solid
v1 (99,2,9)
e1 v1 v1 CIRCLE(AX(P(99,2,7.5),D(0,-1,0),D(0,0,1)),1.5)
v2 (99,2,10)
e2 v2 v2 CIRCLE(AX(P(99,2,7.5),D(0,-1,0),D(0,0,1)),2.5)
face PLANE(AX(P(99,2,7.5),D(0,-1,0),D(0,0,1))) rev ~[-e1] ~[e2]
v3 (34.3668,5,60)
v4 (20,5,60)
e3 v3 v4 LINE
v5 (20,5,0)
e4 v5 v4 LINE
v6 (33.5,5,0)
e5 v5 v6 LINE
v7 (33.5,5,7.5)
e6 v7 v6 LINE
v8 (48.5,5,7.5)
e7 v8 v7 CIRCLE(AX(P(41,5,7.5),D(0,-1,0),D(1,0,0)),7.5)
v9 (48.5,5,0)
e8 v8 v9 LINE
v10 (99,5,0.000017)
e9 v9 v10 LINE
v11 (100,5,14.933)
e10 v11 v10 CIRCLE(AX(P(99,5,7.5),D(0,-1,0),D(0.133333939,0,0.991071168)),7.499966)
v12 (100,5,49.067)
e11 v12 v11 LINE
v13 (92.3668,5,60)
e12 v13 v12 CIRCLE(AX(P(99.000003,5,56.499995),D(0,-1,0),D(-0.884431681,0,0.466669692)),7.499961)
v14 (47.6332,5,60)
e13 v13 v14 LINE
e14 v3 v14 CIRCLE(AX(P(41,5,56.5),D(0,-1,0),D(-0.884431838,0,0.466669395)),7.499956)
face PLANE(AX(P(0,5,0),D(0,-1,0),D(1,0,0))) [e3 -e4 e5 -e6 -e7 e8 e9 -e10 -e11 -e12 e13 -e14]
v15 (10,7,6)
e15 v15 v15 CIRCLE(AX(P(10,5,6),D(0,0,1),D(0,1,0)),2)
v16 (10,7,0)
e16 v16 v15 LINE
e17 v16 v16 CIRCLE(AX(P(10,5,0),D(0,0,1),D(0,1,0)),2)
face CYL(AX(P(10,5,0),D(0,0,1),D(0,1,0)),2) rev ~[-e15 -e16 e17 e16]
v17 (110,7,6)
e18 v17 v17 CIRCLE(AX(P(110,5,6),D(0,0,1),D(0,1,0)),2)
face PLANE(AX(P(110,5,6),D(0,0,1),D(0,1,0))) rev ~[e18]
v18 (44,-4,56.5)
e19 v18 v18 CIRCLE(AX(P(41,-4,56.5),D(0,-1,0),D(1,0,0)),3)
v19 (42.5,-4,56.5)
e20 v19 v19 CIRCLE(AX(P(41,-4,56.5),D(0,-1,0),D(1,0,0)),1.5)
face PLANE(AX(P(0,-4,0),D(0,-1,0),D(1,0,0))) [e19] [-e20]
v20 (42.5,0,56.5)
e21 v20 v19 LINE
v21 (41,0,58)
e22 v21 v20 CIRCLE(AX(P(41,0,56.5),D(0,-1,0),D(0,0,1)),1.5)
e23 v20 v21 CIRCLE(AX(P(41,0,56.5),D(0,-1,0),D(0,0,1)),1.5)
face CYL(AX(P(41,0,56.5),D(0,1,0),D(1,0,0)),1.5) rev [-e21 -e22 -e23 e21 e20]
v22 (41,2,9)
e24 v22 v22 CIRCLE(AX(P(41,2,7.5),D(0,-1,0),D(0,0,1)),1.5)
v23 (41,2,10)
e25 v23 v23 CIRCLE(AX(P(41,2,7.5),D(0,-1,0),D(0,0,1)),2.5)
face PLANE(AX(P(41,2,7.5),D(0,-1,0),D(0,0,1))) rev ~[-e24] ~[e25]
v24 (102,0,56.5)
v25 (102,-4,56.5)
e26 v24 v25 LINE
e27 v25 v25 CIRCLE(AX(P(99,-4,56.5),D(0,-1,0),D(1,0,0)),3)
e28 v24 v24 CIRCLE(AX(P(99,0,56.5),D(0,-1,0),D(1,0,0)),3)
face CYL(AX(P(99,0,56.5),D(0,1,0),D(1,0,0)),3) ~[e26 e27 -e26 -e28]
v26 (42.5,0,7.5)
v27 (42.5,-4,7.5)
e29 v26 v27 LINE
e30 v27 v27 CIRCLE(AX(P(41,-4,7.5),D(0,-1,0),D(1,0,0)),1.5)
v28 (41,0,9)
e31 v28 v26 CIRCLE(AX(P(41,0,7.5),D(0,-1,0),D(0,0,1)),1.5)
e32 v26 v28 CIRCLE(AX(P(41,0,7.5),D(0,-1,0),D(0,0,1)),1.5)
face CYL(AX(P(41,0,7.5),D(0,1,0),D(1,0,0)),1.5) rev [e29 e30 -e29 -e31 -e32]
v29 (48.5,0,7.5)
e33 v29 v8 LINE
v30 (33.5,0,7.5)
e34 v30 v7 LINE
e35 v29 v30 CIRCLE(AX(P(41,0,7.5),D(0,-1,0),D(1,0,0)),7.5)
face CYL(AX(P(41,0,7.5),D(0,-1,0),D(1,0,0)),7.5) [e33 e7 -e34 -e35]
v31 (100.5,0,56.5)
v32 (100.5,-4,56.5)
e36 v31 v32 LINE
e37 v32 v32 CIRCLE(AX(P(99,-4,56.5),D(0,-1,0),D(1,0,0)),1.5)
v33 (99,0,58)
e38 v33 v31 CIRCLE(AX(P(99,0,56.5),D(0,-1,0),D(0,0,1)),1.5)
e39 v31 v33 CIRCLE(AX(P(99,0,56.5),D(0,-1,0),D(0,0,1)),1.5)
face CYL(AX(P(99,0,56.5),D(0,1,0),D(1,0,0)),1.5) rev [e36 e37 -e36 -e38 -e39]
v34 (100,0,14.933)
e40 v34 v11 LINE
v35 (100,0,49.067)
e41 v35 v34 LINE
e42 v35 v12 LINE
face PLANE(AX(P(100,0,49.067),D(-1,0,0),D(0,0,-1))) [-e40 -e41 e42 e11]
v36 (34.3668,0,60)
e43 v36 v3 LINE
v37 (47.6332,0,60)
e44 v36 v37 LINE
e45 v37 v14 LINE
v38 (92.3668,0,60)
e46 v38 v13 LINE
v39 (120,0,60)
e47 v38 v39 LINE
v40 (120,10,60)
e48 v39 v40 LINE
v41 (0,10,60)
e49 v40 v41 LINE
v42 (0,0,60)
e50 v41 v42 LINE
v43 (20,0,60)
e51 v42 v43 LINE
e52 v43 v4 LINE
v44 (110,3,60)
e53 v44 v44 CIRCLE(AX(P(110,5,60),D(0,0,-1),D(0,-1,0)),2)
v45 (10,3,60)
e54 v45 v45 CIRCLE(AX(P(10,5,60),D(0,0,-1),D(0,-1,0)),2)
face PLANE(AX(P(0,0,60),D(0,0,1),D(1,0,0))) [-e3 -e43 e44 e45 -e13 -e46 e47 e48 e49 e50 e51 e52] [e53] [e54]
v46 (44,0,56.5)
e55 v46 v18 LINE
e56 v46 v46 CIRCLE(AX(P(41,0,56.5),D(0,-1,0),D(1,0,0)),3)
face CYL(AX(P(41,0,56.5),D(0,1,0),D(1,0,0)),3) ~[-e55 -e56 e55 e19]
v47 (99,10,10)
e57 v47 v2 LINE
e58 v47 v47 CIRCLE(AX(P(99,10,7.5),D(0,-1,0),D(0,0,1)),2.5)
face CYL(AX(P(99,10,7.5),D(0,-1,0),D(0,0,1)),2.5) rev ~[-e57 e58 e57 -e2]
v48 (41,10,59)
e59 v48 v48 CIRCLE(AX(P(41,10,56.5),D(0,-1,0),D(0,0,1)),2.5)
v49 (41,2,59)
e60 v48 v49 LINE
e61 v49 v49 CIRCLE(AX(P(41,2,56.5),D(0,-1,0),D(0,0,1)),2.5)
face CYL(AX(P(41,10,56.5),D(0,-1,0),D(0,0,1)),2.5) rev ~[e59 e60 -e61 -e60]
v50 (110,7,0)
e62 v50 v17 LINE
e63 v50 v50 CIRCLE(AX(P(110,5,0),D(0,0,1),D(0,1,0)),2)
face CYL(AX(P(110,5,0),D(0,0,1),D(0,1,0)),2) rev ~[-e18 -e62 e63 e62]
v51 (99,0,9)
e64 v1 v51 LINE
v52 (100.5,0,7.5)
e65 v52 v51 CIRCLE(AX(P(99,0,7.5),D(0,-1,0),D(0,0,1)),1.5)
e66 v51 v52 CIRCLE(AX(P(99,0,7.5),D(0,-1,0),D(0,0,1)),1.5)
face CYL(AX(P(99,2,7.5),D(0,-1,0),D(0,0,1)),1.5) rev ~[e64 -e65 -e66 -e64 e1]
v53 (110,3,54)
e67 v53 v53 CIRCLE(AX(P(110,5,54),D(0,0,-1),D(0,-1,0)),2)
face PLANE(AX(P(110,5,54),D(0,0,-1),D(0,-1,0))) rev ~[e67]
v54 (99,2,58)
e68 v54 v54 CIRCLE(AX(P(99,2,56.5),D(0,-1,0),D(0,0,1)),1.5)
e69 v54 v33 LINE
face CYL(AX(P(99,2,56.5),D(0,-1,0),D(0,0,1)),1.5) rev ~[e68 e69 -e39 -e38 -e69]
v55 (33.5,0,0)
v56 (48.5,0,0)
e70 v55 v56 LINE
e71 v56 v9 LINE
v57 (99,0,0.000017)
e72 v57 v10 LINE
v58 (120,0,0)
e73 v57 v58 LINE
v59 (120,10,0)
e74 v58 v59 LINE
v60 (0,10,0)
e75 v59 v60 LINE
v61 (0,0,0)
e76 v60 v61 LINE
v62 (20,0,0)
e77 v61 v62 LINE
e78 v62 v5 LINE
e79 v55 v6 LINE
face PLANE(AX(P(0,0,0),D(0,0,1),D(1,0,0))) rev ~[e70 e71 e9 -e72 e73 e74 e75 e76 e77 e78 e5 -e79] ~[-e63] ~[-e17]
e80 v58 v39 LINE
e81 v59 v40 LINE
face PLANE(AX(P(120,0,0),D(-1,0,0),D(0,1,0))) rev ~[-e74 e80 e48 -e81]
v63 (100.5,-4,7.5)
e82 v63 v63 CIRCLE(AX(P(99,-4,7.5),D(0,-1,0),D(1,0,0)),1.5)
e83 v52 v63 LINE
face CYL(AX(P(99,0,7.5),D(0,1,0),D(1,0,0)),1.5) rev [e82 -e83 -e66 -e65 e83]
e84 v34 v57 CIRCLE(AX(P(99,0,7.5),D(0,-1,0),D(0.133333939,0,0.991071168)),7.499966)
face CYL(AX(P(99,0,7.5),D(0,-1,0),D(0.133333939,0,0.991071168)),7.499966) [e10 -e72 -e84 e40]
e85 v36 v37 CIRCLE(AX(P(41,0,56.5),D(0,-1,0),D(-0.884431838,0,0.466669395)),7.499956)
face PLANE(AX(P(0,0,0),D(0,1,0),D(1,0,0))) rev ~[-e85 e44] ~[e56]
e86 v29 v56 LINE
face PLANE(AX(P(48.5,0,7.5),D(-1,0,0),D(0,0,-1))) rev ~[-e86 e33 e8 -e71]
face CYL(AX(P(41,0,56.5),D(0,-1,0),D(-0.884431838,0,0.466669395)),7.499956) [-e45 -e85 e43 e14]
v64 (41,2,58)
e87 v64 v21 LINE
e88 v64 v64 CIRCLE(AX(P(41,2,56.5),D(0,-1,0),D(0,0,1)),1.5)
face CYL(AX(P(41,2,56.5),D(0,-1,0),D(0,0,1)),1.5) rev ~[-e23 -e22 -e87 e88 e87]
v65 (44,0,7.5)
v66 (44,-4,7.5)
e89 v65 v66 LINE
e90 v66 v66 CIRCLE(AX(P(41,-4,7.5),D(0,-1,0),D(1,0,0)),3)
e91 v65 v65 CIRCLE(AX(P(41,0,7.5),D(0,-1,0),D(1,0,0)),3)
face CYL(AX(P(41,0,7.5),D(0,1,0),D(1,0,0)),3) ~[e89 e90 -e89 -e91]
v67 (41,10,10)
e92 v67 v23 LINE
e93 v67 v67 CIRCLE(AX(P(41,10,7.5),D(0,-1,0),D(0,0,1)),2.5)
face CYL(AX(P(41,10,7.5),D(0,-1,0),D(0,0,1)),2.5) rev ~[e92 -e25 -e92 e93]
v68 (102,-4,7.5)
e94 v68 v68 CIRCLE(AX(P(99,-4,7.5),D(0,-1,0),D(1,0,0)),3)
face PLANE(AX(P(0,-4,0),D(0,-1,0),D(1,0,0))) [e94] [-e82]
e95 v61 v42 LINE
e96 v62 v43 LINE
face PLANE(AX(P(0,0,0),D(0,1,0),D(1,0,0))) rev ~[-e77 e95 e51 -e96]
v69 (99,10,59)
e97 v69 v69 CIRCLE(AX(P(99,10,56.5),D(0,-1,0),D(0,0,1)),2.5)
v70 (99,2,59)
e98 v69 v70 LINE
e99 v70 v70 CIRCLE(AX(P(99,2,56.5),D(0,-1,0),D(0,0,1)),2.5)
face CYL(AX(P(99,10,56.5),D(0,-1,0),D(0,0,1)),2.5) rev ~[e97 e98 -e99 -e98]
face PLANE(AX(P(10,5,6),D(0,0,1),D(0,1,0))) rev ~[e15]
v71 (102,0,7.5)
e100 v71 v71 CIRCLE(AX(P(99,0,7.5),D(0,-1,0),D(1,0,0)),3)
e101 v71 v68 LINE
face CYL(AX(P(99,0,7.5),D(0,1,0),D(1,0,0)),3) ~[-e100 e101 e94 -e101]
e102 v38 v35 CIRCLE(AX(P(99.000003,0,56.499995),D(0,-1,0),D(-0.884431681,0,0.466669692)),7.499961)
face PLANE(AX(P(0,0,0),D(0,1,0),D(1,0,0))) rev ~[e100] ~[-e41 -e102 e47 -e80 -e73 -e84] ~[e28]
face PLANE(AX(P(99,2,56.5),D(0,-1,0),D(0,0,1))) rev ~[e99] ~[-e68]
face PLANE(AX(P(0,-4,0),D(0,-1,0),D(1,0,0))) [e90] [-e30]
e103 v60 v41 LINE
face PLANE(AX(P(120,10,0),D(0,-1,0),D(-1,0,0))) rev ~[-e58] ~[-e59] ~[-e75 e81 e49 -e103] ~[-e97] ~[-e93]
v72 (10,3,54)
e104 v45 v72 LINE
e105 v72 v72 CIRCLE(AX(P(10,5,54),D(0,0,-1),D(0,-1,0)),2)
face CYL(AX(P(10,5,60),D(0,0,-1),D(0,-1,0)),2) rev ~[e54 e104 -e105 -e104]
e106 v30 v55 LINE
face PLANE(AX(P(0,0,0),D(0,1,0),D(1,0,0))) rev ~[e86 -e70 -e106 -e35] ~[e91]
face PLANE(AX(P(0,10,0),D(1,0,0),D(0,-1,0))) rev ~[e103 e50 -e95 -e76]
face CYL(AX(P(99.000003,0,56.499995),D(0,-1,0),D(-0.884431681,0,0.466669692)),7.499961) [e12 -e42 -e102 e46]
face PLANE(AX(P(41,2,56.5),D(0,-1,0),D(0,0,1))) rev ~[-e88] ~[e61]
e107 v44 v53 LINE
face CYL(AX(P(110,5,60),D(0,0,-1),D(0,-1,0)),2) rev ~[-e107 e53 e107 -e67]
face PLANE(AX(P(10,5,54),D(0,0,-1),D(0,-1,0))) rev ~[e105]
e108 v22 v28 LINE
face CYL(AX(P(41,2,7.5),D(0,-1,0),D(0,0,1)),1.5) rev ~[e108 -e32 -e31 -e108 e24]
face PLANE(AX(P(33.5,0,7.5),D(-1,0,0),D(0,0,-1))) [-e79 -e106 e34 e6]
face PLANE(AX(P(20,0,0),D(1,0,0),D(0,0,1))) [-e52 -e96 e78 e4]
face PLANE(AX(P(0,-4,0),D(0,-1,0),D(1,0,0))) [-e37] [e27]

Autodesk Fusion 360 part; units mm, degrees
sketch "Sketch1" plane through (0, 0, 0) normal (0, 0, 1) x (1, 0, 0)
  line L0 (0, 0) -> (120, 0)
  line L1 (120, 0) -> (120, 10)
  line L2 (120, 10) -> (0, 10)
  line L3 (0, 10) -> (0, 0)
  dimension "d1" = 120
  dimension "d2" = 10
extrude "Extrude1" add sketch "Sketch1" along normal blind 60
sketch "Sketch2" plane through (0, 0, 0) normal (0, 0, -1) x (1, 0, 0)
  line L0 (0, 0) -> (0, -10)
  line L1 (0, -10) -> (120, -10)
  line L2 (120, -10) -> (120, 0)
  line L3 (120, 0) -> (0, 0)
  line L4 (0, -5) -> (120, -5) construction
  point P0 (10, -5)
  point P1 (110, -5)
  dimension "d5" = 100
  dimension "d6" = 10
sketch "Sketch3" plane through (0, 0, 60) normal (0, 0, 1) x (-1, 0, 0)
  line L0 (0, -10) -> (0, 0)
  line L1 (0, 0) -> (-120, 0)
  line L2 (-120, 0) -> (-120, -10)
  line L3 (-120, -10) -> (0, -10)
  line L4 (0, -5) -> (-120, -5) construction
  point P0 (-10, -5)
  point P1 (-110, -5)
  dimension "d10" = 100
  dimension "d11" = 10
hole "Hole2" at (10, 5, 0) at (110, 5, 0) direction (0, 0, 1) diameter 4 depth 6 tip angle 180
hole "Hole3" at (10, 5, 60) at (110, 5, 60) direction (0, 0, -1) diameter 4 depth 6 tip angle 180
sketch "Sketch8" plane through (0, 10, 0) normal (0, 1, 0) x (-1, 0, 0)
  line L0 (-120, 0) -> (0, 0)
  line L1 (0, 0) -> (0, 60)
  line L2 (0, 60) -> (-120, 60)
  line L3 (-120, 60) -> (-120, 0)
  circle A0 centre (-99, 56.5) radius 1.35
  circle A1 centre (-41, 56.5) radius 1.35
  circle A2 centre (-99, 7.5) radius 1.35
  circle A3 centre (-41, 7.5) radius 1.35
  point P0 (-99, 56.5)
  point P1 (-41, 56.5)
  point P2 (-41, 7.5)
  point P3 (-99, 7.5)
hole "Hole5" at (99, 10, 56.5) at (41, 10, 56.5) at (99, 10, 7.5) at (41, 10, 7.5) direction (0, -1, 0) diameter 3 end through all counterbore diameter 5 counterbore depth 8
sketch "Sketch9" plane through (0, 0, 0) normal (0, -1, 0) x (1, 0, 0)
  circle A0 centre (99, 7.5) radius 1.5
  circle A1 centre (99, 56.5) radius 1.5
  circle A2 centre (41, 56.5) radius 1.5
  circle A3 centre (41, 7.5) radius 1.5
  line L0 (0, 0) -> (120, 0)
  line L1 (120, 0) -> (120, 60)
  line L2 (120, 60) -> (0, 60)
  line L3 (0, 60) -> (0, 0)
  circle A4 centre (41, 7.5) radius 3
  circle A5 centre (99, 7.5) radius 3
  circle A6 centre (99, 56.5) radius 3
  circle A7 centre (41, 56.5) radius 3
  dimension "d33" = 6
  dimension "d34" = 6
  dimension "d35" = 6
  dimension "d36" = 6
extrude "Extrude4" add sketch "Sketch9" along normal blind 4 contours A4 | A5 | A6 | A7
sketch "Sketch10" plane through (0, 0, 0) normal (0, -1, 0) x (1, 0, 0)
  circle A0 centre (41, 56.5) radius 3
  circle A1 centre (99, 7.5) radius 3
  circle A2 centre (41, 7.5) radius 3
  circle A3 centre (99, 56.5) radius 3
  line L0 (0, 0) -> (120, 0)
  line L1 (120, 0) -> (120, 60)
  line L2 (120, 60) -> (0, 60)
  line L3 (0, 60) -> (0, 0)
  line L4 (20, 0) -> (20, 60)
  arc A4 (100, 14.933) -> (100, 0.067) centre (99, 7.5) ccw
  arc A5 (34.3668, 60) -> (47.6332, 60) centre (41, 56.5) ccw
  line L5 (20, 60) -> (34.3668, 60)
  line L6 (47.6332, 60) -> (92.3668, 60)
  line L7 (33.5, 7.5) -> (33.5, 0)
  line L8 (48.5, 7.5) -> (48.5, 0)
  arc A6 (48.5, 7.5) -> (33.5, 7.5) centre (41, 7.5) ccw
  line L9 (100, 0) -> (48.5, 0)
  line L10 (33.5, 0) -> (20, 0)
  line L11 (100, 60) -> (100, 14.933)
  line L12 (100, 10.3284) -> (100, 4.6716)
  line L13 (100, 0.067) -> (100, 0)
  arc A7 (92.3668, 60) -> (100, 49.067) centre (99, 56.5) ccw
  dimension "d39" = 15
  dimension "d40" = 15
  dimension "d41" = 15
  dimension "d42" = 15
  dimension "d43" = 20
  dimension "d44" = 20
extrude "Extrude5" cut sketch "Sketch10" against normal blind 5 contours L0 L2 L4 A4 A5 L5 L6 L7 L8 A6 L9 L10 L11 A7
equation "d6 = ( 120 mm - d5 ) / 2"
equation "d11 = ( 120 mm - d10 ) / 2"
equation "d34 = d33"
equation "d35 = d33"
equation "d36 = d33"
equation "d40 = d39"
equation "d41 = d39"
equation "d42 = d39"
